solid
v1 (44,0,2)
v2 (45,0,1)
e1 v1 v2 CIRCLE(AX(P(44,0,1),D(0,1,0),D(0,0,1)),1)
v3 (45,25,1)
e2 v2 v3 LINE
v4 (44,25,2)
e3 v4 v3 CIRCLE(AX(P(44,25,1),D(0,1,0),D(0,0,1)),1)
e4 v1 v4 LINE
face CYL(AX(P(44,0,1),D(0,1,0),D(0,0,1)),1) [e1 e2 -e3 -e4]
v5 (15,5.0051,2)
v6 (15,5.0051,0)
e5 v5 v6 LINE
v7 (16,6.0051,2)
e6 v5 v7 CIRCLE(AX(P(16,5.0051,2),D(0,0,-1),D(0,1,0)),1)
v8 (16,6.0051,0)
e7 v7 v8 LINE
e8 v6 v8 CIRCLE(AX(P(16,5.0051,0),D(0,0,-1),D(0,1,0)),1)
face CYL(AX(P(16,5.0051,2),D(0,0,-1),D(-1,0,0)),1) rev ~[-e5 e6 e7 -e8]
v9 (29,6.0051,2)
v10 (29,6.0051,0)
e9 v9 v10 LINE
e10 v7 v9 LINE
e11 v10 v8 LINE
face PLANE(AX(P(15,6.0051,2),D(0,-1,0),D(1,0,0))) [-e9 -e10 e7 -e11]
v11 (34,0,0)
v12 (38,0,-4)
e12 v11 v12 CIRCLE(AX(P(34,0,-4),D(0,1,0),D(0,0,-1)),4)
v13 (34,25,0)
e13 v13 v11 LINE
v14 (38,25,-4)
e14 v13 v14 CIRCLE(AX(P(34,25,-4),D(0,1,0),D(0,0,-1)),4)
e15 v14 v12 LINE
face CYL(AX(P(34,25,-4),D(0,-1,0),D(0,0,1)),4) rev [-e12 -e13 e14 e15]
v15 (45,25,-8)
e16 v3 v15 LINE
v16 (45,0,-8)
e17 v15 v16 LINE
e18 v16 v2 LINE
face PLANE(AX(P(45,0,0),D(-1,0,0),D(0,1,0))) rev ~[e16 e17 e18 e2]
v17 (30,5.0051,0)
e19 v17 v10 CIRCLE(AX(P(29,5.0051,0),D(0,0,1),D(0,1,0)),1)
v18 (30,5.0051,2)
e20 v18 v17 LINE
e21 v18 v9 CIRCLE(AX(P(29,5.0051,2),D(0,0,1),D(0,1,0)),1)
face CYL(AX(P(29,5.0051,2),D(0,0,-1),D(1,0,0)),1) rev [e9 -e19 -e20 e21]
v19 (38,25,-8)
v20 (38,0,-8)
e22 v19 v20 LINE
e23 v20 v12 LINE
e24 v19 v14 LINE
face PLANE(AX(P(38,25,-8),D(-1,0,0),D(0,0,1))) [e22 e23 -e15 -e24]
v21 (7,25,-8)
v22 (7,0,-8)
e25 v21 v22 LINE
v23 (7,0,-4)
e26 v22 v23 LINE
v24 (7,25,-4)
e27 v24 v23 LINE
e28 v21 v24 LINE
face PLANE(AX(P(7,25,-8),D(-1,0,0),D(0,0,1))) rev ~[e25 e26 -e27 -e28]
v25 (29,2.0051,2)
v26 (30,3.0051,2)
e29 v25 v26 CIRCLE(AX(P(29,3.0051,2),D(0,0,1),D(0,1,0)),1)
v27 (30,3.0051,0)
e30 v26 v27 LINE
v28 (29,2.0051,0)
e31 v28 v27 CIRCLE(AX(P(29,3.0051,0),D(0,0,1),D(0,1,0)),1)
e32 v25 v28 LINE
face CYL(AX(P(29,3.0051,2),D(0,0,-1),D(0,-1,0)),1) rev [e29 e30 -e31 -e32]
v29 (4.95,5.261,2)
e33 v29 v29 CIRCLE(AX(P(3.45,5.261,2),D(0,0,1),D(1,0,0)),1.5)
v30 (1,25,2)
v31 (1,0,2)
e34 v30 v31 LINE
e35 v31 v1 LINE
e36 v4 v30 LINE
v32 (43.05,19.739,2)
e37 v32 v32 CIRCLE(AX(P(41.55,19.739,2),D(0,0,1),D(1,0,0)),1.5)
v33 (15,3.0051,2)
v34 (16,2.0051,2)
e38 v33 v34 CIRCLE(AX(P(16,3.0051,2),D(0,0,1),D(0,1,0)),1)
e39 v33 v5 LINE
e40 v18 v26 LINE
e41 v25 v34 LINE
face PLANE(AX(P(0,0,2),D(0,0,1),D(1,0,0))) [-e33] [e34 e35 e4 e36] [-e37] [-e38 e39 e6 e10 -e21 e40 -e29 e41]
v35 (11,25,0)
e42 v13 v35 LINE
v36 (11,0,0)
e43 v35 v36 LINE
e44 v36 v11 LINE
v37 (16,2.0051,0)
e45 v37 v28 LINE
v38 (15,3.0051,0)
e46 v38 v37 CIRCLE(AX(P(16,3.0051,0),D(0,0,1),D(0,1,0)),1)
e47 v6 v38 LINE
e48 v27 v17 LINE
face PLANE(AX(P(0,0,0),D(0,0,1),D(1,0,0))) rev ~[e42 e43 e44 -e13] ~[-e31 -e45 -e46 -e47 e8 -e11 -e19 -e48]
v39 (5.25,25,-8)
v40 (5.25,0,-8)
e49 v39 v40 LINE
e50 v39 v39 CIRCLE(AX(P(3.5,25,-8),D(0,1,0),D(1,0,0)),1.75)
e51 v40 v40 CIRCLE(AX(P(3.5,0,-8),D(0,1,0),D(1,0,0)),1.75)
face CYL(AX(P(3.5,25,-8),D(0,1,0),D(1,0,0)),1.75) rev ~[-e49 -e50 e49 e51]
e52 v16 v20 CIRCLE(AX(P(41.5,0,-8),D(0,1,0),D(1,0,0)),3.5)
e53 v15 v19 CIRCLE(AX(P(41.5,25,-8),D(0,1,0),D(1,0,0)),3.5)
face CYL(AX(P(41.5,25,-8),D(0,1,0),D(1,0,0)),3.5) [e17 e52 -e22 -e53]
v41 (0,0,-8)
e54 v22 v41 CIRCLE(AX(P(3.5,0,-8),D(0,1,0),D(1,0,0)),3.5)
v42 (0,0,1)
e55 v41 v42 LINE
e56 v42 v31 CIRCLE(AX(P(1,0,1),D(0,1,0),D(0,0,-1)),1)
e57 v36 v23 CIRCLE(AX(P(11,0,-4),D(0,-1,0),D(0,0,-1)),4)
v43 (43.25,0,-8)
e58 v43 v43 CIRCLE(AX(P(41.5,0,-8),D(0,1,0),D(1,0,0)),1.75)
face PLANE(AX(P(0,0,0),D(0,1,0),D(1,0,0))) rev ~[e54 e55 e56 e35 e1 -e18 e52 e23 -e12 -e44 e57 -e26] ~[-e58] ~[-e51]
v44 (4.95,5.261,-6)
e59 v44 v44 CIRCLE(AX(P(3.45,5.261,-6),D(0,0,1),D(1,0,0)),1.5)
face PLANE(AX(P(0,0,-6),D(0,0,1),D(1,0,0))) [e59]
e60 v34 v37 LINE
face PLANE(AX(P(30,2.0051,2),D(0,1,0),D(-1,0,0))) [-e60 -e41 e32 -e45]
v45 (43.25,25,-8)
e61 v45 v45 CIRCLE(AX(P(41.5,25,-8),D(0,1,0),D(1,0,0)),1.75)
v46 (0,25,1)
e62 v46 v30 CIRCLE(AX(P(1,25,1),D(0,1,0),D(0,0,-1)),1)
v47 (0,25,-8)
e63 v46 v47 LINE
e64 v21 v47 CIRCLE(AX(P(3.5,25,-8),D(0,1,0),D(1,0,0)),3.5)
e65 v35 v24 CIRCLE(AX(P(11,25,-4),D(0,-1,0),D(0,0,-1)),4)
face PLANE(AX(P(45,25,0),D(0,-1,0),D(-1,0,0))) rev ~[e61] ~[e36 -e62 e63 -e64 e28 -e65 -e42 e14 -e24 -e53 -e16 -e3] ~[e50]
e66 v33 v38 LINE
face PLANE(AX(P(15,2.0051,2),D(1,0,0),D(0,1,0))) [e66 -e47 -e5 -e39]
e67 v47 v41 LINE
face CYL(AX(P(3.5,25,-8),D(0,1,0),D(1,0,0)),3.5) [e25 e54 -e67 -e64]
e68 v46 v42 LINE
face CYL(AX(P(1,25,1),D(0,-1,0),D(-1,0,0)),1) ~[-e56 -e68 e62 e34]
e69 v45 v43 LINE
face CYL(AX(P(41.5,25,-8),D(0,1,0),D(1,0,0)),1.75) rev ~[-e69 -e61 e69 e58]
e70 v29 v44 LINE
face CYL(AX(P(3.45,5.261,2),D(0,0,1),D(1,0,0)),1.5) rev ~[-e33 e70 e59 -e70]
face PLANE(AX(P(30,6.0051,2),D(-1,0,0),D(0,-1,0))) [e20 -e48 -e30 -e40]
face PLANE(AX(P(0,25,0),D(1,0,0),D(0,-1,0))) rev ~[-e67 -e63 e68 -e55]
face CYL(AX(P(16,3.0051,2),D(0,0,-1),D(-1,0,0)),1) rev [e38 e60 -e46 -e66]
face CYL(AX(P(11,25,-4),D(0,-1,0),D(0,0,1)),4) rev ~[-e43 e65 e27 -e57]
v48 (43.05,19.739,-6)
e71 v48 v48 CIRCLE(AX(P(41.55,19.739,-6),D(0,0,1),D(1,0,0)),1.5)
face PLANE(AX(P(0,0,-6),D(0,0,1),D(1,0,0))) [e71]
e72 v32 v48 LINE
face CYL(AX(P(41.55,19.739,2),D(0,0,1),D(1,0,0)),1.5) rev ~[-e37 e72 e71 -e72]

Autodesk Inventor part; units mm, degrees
ref_plane "YZ Plane" through (0, 0, 0) normal (1, 0, 0) x (0, 1, 0)
ref_plane "XZ Plane" through (0, 0, 0) normal (0, 1, 0) x (-1, 0, 0)
ref_plane "XY Plane" through (0, 0, 0) normal (0, 0, 1) x (1, 0, 0)
sketch "Skizze1" plane through (0, 0, 0) normal (0, 0, 1) x (1, 0, 0)
  line L0 (0, 0) -> (45, 0)
  line L1 (45, 0) -> (45, 25)
  line L2 (45, 25) -> (0, 25)
  line L3 (0, 25) -> (0, 0)
  dimension "d5" = 45
  dimension "d6" = 25
extrude "Extrusion1" add sketch "Skizze1" along normal blind 2
sketch "Skizze3" plane through (0, 25, 0) normal (0, 1, 0) x (1, 0, 0)
  circle A0 centre (3.5, 8) radius 1.75
  circle A1 centre (41.5, 8) radius 1.75
  line L0 (3.5, 8) -> (41.5, 8) construction
  line L1 (0, 0) -> (45, 0) construction
  line L2 (22.5, 0) -> (22.5, 8) construction
  line L3 (0, 0) -> (7, 0)
  line L4 (45, 0) -> (38, 0)
  line L5 (0, 0) -> (0, 8)
  line L6 (7, 8) -> (7, 0)
  line L7 (38, 8) -> (38, 0)
  line L8 (45, 0) -> (45, 8)
  arc A2 (7, 8) -> (0, 8) centre (3.5, 8) ccw
  arc A3 (45, 8) -> (38, 8) centre (41.5, 8) ccw
  dimension "d2" = 38
  dimension "d3" = 3.5
  dimension "d4" = 8
extrude "Extrusion2" add sketch "Skizze3" against normal up to surface (25 mm away)
sketch "Skizze4" plane through (0, 0, 2) normal (0, 0, 1) x (1, 0, 0)
  line L0 (3.45, 5.261) -> (41.55, 5.261) construction
  line L1 (41.55, 5.261) -> (41.55, 19.739) construction
  line L2 (41.55, 19.739) -> (3.45, 19.739) construction
  line L3 (3.45, 19.739) -> (3.45, 5.261) construction
  line L4 (45, 25) -> (0, 25) construction
  line L5 (22.5, 25) -> (22.5, 0) construction
  line L6 (0, 0) -> (45, 0) construction
  line L7 (0, 25) -> (0, 0) construction
  line L8 (0, 12.5) -> (45, 12.5) construction
  line L9 (45, 0) -> (45, 25) construction
  circle A0 centre (41.55, 19.739) radius 1.5
  circle A1 centre (3.45, 5.261) radius 1.5
  point P0 (22.5, 19.739)
  point P1 (41.55, 12.5)
  dimension "d12" = 38.1
  dimension "d13" = 14.478
  dimension "d14" = 3
extrude "Extrusion3" cut sketch "Skizze4" against normal blind 8
sketch "Skizze5" plane through (0, 0, 2) normal (0, 0, 1) x (1, 0, 0)
  line L0 (44.09, 22.4949) -> (0.91, 22.4949) construction
  line L1 (0.91, 22.4949) -> (0.91, 2.5051) construction
  line L2 (0.91, 2.5051) -> (44.09, 2.5051) construction
  line L3 (44.09, 2.5051) -> (44.09, 22.4949) construction
  line L4 (45, 25) -> (0, 25) construction
  line L5 (22.5, 25) -> (22.5, 0) construction
  line L6 (0, 0) -> (45, 0) construction
  line L7 (45, 0) -> (45, 25) construction
  line L8 (45, 12.5) -> (0, 12.5) construction
  line L9 (0, 25) -> (0, 0) construction
  line L10 (15, 6.0051) -> (30, 6.0051)
  line L11 (30, 6.0051) -> (30, 2.0051)
  line L12 (30, 2.0051) -> (15, 2.0051)
  line L13 (15, 2.0051) -> (15, 6.0051)
  point P0 (0.91, 12.5)
  point P1 (22.5, 6.0051)
  dimension "d17" = 43.18
  dimension "d18" = 19.9898
  dimension "d19" = 15
  dimension "d20" = 4
  dimension "d27" = 0.5
extrude "Extrusion4" cut sketch "Skizze5" against normal up to next
fillet "Rundung1" radius 1 4 edges at (15, 6.0051, 1) (30, 6.0051, 1) (30, 2.0051, 1) (15, 2.0051, 1)
fillet "Rundung2" radius 4 2 edges at (7, 12.5, 0) (38, 12.5, 0)
fillet "Rundung3" radius 1 2 edges at (0, 12.5, 2) (45, 12.5, 2)
properties part number "US Halterung hinten" material "ABS-Kunststoff"
